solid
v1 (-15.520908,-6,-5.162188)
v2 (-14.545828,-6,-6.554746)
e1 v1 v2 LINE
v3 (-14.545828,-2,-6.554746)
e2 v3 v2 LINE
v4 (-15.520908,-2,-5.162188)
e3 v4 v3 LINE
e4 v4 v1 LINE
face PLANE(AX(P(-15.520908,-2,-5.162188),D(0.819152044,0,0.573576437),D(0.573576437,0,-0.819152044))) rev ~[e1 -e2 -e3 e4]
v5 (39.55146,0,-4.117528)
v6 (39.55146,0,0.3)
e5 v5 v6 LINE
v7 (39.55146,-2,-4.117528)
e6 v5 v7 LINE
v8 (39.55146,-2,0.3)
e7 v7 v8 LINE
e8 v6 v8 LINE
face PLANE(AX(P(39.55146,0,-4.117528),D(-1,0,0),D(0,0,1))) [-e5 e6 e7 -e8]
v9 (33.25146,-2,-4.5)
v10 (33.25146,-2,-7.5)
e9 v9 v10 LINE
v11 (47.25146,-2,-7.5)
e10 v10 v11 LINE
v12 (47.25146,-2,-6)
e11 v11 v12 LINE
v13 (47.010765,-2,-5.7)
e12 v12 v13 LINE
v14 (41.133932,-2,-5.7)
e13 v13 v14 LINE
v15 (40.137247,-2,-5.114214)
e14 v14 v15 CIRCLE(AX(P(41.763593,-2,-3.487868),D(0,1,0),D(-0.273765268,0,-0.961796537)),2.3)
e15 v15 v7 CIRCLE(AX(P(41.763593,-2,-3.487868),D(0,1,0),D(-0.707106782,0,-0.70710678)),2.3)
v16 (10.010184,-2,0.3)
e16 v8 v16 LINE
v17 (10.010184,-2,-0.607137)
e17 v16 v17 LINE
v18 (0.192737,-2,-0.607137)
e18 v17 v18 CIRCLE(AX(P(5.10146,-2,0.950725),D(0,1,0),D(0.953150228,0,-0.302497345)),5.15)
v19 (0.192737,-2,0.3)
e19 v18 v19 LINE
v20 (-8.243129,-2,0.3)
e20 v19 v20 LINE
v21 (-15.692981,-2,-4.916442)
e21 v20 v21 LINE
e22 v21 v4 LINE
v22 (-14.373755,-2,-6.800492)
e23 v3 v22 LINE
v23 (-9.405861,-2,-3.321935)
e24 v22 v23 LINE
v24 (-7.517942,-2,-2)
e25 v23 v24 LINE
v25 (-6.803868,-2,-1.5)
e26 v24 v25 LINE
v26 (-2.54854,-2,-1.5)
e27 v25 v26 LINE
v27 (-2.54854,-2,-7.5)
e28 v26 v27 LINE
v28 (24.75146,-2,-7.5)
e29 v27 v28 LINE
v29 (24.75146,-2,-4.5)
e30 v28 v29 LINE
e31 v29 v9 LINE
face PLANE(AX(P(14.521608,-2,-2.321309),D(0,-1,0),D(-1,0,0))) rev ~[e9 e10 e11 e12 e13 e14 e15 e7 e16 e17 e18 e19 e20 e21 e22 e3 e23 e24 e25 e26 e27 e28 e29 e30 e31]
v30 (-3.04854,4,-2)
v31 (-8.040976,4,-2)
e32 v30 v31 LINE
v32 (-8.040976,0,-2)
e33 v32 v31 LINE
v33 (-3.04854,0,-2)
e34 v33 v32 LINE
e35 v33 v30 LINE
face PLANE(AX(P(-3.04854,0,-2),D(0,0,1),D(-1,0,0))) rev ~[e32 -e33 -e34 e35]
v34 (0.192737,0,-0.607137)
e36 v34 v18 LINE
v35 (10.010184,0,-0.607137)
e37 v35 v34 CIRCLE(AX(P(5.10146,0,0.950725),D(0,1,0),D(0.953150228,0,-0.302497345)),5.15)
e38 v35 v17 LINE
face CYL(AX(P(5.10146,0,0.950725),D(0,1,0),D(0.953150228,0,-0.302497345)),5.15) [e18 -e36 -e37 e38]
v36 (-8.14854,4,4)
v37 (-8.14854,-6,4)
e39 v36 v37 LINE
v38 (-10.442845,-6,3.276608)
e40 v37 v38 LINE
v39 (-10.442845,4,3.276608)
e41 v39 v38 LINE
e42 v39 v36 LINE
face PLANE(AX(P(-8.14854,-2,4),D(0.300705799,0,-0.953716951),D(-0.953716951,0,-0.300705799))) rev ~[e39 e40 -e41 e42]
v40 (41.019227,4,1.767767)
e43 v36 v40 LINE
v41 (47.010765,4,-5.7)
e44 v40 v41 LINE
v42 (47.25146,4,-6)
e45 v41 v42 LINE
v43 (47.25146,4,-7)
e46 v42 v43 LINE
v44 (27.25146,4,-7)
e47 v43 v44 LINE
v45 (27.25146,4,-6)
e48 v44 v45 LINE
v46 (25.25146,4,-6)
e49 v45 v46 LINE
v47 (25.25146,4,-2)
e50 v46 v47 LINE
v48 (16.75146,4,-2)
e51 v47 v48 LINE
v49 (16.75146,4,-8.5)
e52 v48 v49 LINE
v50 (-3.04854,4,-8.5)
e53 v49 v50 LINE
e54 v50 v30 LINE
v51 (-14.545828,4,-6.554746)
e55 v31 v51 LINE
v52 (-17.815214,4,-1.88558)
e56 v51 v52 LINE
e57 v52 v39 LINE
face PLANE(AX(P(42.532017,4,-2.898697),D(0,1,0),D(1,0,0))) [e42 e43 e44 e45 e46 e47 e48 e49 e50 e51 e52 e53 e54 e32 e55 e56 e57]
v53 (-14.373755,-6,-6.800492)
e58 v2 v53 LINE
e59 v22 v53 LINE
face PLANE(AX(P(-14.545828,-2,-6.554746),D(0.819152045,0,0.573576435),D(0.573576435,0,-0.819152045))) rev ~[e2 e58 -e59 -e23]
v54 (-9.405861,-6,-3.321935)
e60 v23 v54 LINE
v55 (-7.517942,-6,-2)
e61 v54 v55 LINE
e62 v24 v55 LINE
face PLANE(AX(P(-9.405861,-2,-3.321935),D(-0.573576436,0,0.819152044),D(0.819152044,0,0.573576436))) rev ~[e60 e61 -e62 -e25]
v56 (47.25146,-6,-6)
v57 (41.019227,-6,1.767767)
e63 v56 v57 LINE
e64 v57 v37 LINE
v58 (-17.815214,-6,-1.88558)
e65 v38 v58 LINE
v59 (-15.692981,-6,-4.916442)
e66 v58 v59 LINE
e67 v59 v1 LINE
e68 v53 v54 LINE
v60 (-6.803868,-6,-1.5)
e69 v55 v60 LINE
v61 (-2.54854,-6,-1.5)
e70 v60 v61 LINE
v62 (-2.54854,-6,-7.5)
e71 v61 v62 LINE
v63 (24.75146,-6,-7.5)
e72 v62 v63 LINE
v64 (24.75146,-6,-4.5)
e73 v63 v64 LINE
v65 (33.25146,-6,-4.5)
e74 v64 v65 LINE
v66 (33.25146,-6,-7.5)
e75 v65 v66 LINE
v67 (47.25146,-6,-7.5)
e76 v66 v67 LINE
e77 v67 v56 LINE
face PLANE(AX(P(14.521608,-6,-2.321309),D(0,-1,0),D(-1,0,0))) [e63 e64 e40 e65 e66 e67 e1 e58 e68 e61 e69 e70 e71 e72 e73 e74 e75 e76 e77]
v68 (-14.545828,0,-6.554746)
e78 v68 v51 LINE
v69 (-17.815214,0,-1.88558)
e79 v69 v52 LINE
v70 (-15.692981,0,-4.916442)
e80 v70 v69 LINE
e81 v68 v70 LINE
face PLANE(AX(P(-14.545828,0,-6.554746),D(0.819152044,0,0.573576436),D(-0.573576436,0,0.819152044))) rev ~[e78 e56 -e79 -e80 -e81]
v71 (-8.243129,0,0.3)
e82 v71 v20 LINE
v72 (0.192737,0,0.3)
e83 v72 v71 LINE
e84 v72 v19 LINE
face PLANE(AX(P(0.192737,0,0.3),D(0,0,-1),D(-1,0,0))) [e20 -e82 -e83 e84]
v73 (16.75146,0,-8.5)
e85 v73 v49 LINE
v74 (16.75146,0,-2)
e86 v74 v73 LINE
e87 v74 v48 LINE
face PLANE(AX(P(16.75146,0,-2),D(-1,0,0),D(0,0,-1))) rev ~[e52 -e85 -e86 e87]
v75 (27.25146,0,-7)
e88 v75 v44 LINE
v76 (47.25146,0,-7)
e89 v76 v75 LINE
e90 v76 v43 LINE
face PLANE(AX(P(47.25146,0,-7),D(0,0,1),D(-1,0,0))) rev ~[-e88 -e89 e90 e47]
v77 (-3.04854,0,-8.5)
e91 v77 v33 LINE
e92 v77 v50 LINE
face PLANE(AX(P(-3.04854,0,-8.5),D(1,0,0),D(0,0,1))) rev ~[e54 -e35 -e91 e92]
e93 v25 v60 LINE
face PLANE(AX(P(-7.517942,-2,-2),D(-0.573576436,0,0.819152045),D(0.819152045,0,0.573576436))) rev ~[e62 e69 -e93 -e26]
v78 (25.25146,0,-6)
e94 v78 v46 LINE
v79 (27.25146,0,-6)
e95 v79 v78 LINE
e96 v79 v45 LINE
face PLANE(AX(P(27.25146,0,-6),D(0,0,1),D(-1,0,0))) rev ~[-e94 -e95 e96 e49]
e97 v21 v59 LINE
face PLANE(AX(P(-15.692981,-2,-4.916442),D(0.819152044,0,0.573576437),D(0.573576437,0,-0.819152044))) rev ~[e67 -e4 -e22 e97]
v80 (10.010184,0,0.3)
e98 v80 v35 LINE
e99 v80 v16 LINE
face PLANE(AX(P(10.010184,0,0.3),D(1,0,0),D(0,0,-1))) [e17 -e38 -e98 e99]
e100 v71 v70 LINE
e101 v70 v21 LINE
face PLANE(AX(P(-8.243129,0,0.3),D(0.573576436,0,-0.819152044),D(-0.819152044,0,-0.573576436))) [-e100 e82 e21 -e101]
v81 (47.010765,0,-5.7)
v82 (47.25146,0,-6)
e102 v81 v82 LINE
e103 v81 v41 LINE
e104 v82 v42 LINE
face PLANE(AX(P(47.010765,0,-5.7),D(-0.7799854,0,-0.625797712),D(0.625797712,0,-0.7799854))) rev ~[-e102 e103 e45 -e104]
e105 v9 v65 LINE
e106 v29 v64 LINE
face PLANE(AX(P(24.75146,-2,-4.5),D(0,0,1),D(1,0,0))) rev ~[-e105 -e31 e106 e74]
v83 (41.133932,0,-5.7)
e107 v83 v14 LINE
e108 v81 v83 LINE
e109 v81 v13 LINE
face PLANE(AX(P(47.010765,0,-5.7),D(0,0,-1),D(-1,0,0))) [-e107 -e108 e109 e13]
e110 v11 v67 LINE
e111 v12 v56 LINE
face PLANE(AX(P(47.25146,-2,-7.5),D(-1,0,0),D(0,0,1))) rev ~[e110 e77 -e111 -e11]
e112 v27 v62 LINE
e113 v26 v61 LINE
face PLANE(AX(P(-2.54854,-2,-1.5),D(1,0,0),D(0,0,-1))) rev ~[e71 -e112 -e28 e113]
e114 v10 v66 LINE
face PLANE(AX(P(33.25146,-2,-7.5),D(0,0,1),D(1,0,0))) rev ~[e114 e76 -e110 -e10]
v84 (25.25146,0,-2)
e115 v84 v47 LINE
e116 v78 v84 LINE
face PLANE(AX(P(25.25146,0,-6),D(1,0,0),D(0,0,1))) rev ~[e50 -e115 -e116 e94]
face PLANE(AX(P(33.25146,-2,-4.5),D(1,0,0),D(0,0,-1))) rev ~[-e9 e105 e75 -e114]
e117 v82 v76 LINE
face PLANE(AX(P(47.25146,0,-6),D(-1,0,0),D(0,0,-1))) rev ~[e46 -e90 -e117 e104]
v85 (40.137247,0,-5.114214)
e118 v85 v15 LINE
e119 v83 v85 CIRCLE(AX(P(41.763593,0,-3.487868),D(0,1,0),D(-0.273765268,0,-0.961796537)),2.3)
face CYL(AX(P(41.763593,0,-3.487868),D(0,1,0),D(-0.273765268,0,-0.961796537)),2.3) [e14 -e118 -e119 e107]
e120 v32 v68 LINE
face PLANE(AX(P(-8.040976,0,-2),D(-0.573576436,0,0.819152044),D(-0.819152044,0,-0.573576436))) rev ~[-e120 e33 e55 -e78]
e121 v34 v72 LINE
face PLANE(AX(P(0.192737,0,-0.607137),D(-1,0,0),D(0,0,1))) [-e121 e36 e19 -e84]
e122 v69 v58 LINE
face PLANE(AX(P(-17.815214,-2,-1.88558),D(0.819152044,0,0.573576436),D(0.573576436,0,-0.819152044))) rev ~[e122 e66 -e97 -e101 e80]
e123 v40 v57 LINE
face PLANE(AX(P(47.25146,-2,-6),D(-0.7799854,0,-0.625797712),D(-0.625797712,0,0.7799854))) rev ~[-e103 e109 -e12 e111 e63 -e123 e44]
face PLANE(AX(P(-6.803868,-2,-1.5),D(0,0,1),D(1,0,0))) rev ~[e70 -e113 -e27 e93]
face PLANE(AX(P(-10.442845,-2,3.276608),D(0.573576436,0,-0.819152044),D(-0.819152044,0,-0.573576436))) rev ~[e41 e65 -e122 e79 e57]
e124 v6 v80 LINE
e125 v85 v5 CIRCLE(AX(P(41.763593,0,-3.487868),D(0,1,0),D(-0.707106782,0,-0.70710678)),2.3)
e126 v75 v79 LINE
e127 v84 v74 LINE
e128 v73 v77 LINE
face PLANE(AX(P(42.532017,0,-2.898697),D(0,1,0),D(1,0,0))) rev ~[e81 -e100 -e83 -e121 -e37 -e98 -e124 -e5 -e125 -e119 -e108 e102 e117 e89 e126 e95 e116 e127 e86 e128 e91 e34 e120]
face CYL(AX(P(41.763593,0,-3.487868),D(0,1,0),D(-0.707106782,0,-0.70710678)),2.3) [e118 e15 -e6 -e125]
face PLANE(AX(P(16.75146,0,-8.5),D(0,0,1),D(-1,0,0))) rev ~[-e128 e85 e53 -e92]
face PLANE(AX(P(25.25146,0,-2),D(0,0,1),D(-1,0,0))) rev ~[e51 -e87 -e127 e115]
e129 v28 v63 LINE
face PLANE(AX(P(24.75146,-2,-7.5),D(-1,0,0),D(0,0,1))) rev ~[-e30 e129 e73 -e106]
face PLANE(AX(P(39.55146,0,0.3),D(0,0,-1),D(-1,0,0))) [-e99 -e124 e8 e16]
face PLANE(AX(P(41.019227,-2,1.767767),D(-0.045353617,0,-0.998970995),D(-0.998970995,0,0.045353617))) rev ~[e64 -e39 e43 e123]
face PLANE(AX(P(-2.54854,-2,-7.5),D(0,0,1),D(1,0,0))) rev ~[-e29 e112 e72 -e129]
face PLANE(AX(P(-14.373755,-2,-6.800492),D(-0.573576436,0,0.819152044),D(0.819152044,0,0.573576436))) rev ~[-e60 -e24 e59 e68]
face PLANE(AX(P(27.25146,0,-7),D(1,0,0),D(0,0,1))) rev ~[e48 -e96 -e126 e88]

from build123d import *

# Parameters (mm, degrees)
BOSS_EXTRUDE1_DEPTH = 4
BOSS_EXTRUDE3_DEPTH = 2
BOSS_EXTRUDE4_DEPTH = 4
BOSS_EXTRUDE5_DEPTH = 2
BOSS_EXTRUDE6_DEPTH = 4


with BuildPart() as part:
    # Sketch1 → Boss-Extrude1 (new body)
    with BuildSketch(Plane(origin=(0, 0, 0), x_dir=(1, 0, 0), z_dir=(0, 1, 0))):
        with BuildLine():
            Line((-14.545827973, 6.554746402), (-17.81521366, 1.88557975))
            Line((-17.81521366, 1.88557975), (-10.442845262, -3.276608177))
            Line((-10.442845262, -3.276608177), (-8.148539516, -4))
            Line((-8.148539516, -4), (41.019227437, -1.767766953))
            Line((41.019227437, -1.767766953), (39.551460484, -0.3))
            Line((39.551460484, -0.3), (39.551460484, 4.117528082))
            ThreePointArc((39.551460484, 4.117528082), (40.137246921, 5.114213562), (41.133932401, 5.7))
            Line((41.133932401, 5.7), (47.010764551, 5.7))
            Line((47.010764551, 5.7), (47.251460484, 6))
            Line((47.251460484, 6), (47.251460484, 7))
            Line((47.251460484, 7), (27.251460484, 7))
            Line((27.251460484, 7), (27.251460484, 6))
            Line((27.251460484, 6), (25.251460484, 6))
            Line((25.251460484, 6), (25.251460484, 2))
            Line((25.251460484, 2), (16.751460484, 2))
            Line((16.751460484, 2), (16.751460484, 8.5))
            Line((16.751460484, 8.5), (-3.048539516, 8.5))
            Line((-3.048539516, 8.5), (-3.048539516, 2))
            Line((-3.048539516, 2), (-8.040975977, 2))
            Line((-8.040975977, 2), (-14.545827973, 6.554746402))
        make_face()
    extrude(amount=BOSS_EXTRUDE1_DEPTH)

    # Sketch1<7> → Boss-Extrude3 (add)
    with BuildSketch(Plane(origin=(0, 0, 0), x_dir=(1, 0, 0), z_dir=(0, 1, 0))):
        with BuildLine():
            ThreePointArc((10.010184156, 0.607136774), (5.101460484, 4.199275448), (0.192736812, 0.607136774))
            Line((0.192736812, 0.607136774), (0.192736812, -0.3))
            Line((0.192736812, -0.3), (-8.243129153, -0.3))
            Line((-8.243129153, -0.3), (-15.692980846, 4.916442314))
            Line((-15.692980846, 4.916442314), (-17.81521366, 1.88557975))
            Line((-17.81521366, 1.88557975), (-10.442845262, -3.276608177))
            Line((-10.442845262, -3.276608177), (-8.148539516, -4))
            Line((-8.148539516, -4), (41.019227437, -1.767766953))
            Line((41.019227437, -1.767766953), (39.551460484, -0.3))
            Line((39.551460484, -0.3), (39.251460484, -0.3))
            Line((39.251460484, -0.3), (39.051460484, -0.3))
            Line((39.051460484, -0.3), (10.010184156, -0.3))
            Line((10.010184156, -0.3), (10.010184156, 0.607136774))
        make_face()
    extrude(amount=-BOSS_EXTRUDE3_DEPTH)

    # Sketch1<8> → Boss-Extrude4 (add)
    with BuildSketch(Plane(origin=(0, 0, 0), x_dir=(1, 0, 0), z_dir=(0, 1, 0))):
        with BuildLine():
            Line((39.551460484, 0), (39.551460484, -0.3))
            Line((39.551460484, -0.3), (41.019227437, -1.767766953))
            Line((41.019227437, -1.767766953), (47.010764551, 5.7))
            Line((47.010764551, 5.7), (41.133932401, 5.7))
            ThreePointArc((41.133932401, 5.7), (40.598184056, 5.470750493), (40.137246921, 5.114213562))
            ThreePointArc((40.137246921, 5.114213562), (39.780709991, 4.653276427), (39.551460484, 4.117528082))
            Line((39.551460484, 4.117528082), (39.551460484, 0))
        make_face()
    extrude(amount=BOSS_EXTRUDE4_DEPTH)

    # Sketch1<9> → Boss-Extrude5 (add)
    with BuildSketch(Plane(origin=(0, 0, 0), x_dir=(1, 0, 0), z_dir=(0, 1, 0))):
        with BuildLine():
            Line((39.551460484, 0), (39.551460484, -0.3))
            Line((39.551460484, -0.3), (41.019227437, -1.767766953))
            Line((41.019227437, -1.767766953), (47.010764551, 5.7))
            Line((47.010764551, 5.7), (41.133932401, 5.7))
            ThreePointArc((41.133932401, 5.7), (40.598184056, 5.470750493), (40.137246921, 5.114213562))
            ThreePointArc((40.137246921, 5.114213562), (39.780709991, 4.653276427), (39.551460484, 4.117528082))
            Line((39.551460484, 4.117528082), (39.551460484, 0))
        make_face()
    extrude(amount=-BOSS_EXTRUDE5_DEPTH)

    # Sketch2 → Boss-Extrude6 (add)
    with BuildSketch(Plane(origin=(0, -2, 0), x_dir=(-1, 0, 0), z_dir=(0, -1, 0))):
        Polygon((-47.251460484, 7), (-47.251460484, 6), (-41.019227437, -1.767766953), (8.148539516, -4), (10.442845262, -3.276608177), (17.81521366, 1.88557975), (15.692980846, 4.916442314), (15.520907915, 5.162187927), (14.545827973, 6.554746402), (14.373755042, 6.800492016), (9.40586076, 3.32193499), (7.517941939, 2), (6.803867935, 1.5), (2.548539516, 1.5), (2.548539516, 7.5), (-16.751460484, 7.5), (-24.751460484, 7.5), (-24.751460484, 4.5), (-28.638302621, 4.5), (-33.251460484, 4.5), (-33.251460484, 7.5), (-37.214164404, 7.5), (-47.251460484, 7.5), align=None)
    extrude(amount=BOSS_EXTRUDE6_DEPTH)


solid = part.part
